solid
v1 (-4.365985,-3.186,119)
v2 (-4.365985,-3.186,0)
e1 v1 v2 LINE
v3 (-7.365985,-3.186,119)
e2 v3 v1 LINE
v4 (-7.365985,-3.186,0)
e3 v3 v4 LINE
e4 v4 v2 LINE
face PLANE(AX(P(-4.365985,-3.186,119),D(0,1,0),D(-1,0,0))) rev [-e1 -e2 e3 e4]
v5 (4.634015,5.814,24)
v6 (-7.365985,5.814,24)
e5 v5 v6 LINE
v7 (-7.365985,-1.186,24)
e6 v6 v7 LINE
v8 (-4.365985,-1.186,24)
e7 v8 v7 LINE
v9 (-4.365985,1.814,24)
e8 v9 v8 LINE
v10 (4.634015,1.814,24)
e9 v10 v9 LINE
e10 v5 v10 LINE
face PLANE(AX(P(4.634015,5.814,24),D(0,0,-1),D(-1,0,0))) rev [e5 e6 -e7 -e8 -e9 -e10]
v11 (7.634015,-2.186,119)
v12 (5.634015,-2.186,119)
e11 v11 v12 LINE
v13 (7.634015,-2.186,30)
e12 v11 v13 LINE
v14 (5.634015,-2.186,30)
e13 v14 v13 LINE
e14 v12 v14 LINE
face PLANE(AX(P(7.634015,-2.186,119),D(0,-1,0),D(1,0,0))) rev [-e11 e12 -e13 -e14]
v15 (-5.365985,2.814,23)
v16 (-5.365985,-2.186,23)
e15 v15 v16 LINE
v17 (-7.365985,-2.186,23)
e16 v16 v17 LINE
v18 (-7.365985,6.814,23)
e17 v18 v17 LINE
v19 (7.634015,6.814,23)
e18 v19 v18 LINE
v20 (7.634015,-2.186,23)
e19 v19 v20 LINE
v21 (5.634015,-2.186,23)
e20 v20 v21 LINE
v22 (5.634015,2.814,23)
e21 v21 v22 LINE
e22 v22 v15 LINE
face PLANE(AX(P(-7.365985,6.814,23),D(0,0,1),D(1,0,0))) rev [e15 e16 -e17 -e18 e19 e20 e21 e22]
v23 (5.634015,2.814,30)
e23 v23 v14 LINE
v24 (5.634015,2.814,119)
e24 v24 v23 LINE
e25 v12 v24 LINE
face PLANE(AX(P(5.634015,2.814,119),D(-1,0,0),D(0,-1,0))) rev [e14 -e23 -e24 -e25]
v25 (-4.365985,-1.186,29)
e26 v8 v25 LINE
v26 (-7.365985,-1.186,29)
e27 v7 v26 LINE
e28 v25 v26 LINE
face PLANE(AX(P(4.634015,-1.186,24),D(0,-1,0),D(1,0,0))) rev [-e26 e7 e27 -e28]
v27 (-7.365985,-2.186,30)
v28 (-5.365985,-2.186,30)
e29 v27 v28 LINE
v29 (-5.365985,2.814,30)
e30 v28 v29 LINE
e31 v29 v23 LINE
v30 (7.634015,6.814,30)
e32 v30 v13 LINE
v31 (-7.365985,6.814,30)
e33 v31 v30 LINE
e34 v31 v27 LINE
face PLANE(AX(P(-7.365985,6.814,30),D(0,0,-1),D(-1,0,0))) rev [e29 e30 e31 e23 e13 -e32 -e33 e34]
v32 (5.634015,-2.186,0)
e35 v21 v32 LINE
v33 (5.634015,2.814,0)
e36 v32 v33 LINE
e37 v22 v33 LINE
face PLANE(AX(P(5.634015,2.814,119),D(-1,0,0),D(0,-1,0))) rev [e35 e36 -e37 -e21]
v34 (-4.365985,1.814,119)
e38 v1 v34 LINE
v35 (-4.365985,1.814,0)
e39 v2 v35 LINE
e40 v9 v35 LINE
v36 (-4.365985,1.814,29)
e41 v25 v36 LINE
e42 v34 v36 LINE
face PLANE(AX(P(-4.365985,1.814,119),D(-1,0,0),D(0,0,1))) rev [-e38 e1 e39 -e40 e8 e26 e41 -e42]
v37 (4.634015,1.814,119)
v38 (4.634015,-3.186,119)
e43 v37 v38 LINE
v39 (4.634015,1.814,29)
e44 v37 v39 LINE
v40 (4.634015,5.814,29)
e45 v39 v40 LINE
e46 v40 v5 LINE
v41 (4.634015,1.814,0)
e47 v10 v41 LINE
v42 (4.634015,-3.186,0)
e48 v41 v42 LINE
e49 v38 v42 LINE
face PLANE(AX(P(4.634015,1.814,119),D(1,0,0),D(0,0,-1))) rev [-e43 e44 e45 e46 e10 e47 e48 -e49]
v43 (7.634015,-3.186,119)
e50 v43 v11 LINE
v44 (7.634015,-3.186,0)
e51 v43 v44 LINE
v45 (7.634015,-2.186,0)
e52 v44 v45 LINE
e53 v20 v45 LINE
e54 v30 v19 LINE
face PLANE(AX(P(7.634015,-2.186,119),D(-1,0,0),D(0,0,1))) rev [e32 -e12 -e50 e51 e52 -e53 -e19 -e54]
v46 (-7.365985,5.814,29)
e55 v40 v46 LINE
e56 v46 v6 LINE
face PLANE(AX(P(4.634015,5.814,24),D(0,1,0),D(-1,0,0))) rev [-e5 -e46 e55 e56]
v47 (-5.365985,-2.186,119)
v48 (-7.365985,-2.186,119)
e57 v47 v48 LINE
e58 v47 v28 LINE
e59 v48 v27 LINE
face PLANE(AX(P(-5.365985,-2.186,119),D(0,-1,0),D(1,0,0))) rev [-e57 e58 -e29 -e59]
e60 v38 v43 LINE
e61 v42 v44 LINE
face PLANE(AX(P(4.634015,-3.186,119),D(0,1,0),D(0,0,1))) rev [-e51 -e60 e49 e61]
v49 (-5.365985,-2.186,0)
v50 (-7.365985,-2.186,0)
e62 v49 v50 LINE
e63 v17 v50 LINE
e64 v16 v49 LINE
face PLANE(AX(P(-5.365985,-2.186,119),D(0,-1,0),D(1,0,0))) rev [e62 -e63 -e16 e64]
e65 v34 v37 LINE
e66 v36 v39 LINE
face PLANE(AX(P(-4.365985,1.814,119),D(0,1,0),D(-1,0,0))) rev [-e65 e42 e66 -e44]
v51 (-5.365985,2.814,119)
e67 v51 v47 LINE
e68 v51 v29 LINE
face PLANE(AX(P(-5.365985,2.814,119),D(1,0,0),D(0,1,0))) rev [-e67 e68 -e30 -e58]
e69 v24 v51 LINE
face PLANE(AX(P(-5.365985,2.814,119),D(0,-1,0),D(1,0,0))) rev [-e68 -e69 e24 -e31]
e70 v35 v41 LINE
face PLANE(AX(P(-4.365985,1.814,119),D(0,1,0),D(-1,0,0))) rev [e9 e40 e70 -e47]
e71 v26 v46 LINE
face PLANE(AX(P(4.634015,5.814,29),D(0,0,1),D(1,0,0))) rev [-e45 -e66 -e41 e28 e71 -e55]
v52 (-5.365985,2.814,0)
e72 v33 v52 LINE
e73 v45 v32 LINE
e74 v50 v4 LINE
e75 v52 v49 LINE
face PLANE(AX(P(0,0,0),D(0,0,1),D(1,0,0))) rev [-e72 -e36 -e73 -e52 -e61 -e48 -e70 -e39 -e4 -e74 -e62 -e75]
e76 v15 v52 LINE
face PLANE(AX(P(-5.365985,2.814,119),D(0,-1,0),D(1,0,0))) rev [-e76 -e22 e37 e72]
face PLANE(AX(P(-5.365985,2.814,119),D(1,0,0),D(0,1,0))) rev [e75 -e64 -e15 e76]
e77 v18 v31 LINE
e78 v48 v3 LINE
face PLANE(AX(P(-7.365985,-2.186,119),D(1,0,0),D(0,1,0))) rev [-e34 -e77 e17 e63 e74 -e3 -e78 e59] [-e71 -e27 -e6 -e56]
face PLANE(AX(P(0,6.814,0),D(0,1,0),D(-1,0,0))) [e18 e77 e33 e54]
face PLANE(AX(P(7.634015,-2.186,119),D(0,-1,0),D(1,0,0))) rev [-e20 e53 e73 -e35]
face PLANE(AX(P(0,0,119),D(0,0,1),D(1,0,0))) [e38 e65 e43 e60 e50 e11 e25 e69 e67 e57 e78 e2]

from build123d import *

# Parameters (mm, degrees)
BOSS_EXTRUDE1_DEPTH = 119
SKETCH2_W           = 15
SKETCH2_H           = 7
BOSS_EXTRUDE2_DEPTH = 9
SKETCH3_W           = 9
SKETCH3_H           = 7
CUT_EXTRUDE1_DEPTH  = 4
SKETCH4_W           = 5
SKETCH4_H           = 7
CUT_EXTRUDE2_DEPTH  = 12


with BuildPart() as part:
    # Sketch1 → Boss-Extrude1 (new body)
    with BuildSketch(Plane.XY):
        Polygon((-5.365984845, -2.186), (-7.365984845, -2.186), (-7.365984845, -3.186), (-4.365984845, -3.186), (-4.365984845, -2.186), (-4.365984845, 1.814), (4.634015155, 1.814), (4.634015155, -2.186), (4.634015155, -3.186), (7.634015155, -3.186), (7.634015155, -2.186), (5.634015155, -2.186), (5.634015155, 2.814), (-5.365984845, 2.814), align=None)
    extrude(amount=BOSS_EXTRUDE1_DEPTH)

    # Sketch2 → Boss-Extrude2 (add)
    with BuildSketch(Plane(origin=(0, -2.186, 0), x_dir=(1, 0, 0), z_dir=(0, 1, 0))):
        with Locations((0.134015155, -26.5)):
            Rectangle(SKETCH2_W, SKETCH2_H)
    extrude(amount=BOSS_EXTRUDE2_DEPTH)

    # Sketch3 → Cut-Extrude1 (cut)
    with BuildSketch(Plane.XZ.offset(2.186)):
        with Locations((0.134015155, 26.5)):
            Rectangle(SKETCH3_W, SKETCH3_H)
    extrude(amount=-CUT_EXTRUDE1_DEPTH, mode=Mode.SUBTRACT)

    # Sketch4 → Cut-Extrude2 (cut)
    with BuildSketch(Plane.ZY.offset(7.365984845)):
        with Locations((26.5, 2.314)):
            Rectangle(SKETCH4_W, SKETCH4_H)
    extrude(amount=-CUT_EXTRUDE2_DEPTH, mode=Mode.SUBTRACT)


solid = part.part
